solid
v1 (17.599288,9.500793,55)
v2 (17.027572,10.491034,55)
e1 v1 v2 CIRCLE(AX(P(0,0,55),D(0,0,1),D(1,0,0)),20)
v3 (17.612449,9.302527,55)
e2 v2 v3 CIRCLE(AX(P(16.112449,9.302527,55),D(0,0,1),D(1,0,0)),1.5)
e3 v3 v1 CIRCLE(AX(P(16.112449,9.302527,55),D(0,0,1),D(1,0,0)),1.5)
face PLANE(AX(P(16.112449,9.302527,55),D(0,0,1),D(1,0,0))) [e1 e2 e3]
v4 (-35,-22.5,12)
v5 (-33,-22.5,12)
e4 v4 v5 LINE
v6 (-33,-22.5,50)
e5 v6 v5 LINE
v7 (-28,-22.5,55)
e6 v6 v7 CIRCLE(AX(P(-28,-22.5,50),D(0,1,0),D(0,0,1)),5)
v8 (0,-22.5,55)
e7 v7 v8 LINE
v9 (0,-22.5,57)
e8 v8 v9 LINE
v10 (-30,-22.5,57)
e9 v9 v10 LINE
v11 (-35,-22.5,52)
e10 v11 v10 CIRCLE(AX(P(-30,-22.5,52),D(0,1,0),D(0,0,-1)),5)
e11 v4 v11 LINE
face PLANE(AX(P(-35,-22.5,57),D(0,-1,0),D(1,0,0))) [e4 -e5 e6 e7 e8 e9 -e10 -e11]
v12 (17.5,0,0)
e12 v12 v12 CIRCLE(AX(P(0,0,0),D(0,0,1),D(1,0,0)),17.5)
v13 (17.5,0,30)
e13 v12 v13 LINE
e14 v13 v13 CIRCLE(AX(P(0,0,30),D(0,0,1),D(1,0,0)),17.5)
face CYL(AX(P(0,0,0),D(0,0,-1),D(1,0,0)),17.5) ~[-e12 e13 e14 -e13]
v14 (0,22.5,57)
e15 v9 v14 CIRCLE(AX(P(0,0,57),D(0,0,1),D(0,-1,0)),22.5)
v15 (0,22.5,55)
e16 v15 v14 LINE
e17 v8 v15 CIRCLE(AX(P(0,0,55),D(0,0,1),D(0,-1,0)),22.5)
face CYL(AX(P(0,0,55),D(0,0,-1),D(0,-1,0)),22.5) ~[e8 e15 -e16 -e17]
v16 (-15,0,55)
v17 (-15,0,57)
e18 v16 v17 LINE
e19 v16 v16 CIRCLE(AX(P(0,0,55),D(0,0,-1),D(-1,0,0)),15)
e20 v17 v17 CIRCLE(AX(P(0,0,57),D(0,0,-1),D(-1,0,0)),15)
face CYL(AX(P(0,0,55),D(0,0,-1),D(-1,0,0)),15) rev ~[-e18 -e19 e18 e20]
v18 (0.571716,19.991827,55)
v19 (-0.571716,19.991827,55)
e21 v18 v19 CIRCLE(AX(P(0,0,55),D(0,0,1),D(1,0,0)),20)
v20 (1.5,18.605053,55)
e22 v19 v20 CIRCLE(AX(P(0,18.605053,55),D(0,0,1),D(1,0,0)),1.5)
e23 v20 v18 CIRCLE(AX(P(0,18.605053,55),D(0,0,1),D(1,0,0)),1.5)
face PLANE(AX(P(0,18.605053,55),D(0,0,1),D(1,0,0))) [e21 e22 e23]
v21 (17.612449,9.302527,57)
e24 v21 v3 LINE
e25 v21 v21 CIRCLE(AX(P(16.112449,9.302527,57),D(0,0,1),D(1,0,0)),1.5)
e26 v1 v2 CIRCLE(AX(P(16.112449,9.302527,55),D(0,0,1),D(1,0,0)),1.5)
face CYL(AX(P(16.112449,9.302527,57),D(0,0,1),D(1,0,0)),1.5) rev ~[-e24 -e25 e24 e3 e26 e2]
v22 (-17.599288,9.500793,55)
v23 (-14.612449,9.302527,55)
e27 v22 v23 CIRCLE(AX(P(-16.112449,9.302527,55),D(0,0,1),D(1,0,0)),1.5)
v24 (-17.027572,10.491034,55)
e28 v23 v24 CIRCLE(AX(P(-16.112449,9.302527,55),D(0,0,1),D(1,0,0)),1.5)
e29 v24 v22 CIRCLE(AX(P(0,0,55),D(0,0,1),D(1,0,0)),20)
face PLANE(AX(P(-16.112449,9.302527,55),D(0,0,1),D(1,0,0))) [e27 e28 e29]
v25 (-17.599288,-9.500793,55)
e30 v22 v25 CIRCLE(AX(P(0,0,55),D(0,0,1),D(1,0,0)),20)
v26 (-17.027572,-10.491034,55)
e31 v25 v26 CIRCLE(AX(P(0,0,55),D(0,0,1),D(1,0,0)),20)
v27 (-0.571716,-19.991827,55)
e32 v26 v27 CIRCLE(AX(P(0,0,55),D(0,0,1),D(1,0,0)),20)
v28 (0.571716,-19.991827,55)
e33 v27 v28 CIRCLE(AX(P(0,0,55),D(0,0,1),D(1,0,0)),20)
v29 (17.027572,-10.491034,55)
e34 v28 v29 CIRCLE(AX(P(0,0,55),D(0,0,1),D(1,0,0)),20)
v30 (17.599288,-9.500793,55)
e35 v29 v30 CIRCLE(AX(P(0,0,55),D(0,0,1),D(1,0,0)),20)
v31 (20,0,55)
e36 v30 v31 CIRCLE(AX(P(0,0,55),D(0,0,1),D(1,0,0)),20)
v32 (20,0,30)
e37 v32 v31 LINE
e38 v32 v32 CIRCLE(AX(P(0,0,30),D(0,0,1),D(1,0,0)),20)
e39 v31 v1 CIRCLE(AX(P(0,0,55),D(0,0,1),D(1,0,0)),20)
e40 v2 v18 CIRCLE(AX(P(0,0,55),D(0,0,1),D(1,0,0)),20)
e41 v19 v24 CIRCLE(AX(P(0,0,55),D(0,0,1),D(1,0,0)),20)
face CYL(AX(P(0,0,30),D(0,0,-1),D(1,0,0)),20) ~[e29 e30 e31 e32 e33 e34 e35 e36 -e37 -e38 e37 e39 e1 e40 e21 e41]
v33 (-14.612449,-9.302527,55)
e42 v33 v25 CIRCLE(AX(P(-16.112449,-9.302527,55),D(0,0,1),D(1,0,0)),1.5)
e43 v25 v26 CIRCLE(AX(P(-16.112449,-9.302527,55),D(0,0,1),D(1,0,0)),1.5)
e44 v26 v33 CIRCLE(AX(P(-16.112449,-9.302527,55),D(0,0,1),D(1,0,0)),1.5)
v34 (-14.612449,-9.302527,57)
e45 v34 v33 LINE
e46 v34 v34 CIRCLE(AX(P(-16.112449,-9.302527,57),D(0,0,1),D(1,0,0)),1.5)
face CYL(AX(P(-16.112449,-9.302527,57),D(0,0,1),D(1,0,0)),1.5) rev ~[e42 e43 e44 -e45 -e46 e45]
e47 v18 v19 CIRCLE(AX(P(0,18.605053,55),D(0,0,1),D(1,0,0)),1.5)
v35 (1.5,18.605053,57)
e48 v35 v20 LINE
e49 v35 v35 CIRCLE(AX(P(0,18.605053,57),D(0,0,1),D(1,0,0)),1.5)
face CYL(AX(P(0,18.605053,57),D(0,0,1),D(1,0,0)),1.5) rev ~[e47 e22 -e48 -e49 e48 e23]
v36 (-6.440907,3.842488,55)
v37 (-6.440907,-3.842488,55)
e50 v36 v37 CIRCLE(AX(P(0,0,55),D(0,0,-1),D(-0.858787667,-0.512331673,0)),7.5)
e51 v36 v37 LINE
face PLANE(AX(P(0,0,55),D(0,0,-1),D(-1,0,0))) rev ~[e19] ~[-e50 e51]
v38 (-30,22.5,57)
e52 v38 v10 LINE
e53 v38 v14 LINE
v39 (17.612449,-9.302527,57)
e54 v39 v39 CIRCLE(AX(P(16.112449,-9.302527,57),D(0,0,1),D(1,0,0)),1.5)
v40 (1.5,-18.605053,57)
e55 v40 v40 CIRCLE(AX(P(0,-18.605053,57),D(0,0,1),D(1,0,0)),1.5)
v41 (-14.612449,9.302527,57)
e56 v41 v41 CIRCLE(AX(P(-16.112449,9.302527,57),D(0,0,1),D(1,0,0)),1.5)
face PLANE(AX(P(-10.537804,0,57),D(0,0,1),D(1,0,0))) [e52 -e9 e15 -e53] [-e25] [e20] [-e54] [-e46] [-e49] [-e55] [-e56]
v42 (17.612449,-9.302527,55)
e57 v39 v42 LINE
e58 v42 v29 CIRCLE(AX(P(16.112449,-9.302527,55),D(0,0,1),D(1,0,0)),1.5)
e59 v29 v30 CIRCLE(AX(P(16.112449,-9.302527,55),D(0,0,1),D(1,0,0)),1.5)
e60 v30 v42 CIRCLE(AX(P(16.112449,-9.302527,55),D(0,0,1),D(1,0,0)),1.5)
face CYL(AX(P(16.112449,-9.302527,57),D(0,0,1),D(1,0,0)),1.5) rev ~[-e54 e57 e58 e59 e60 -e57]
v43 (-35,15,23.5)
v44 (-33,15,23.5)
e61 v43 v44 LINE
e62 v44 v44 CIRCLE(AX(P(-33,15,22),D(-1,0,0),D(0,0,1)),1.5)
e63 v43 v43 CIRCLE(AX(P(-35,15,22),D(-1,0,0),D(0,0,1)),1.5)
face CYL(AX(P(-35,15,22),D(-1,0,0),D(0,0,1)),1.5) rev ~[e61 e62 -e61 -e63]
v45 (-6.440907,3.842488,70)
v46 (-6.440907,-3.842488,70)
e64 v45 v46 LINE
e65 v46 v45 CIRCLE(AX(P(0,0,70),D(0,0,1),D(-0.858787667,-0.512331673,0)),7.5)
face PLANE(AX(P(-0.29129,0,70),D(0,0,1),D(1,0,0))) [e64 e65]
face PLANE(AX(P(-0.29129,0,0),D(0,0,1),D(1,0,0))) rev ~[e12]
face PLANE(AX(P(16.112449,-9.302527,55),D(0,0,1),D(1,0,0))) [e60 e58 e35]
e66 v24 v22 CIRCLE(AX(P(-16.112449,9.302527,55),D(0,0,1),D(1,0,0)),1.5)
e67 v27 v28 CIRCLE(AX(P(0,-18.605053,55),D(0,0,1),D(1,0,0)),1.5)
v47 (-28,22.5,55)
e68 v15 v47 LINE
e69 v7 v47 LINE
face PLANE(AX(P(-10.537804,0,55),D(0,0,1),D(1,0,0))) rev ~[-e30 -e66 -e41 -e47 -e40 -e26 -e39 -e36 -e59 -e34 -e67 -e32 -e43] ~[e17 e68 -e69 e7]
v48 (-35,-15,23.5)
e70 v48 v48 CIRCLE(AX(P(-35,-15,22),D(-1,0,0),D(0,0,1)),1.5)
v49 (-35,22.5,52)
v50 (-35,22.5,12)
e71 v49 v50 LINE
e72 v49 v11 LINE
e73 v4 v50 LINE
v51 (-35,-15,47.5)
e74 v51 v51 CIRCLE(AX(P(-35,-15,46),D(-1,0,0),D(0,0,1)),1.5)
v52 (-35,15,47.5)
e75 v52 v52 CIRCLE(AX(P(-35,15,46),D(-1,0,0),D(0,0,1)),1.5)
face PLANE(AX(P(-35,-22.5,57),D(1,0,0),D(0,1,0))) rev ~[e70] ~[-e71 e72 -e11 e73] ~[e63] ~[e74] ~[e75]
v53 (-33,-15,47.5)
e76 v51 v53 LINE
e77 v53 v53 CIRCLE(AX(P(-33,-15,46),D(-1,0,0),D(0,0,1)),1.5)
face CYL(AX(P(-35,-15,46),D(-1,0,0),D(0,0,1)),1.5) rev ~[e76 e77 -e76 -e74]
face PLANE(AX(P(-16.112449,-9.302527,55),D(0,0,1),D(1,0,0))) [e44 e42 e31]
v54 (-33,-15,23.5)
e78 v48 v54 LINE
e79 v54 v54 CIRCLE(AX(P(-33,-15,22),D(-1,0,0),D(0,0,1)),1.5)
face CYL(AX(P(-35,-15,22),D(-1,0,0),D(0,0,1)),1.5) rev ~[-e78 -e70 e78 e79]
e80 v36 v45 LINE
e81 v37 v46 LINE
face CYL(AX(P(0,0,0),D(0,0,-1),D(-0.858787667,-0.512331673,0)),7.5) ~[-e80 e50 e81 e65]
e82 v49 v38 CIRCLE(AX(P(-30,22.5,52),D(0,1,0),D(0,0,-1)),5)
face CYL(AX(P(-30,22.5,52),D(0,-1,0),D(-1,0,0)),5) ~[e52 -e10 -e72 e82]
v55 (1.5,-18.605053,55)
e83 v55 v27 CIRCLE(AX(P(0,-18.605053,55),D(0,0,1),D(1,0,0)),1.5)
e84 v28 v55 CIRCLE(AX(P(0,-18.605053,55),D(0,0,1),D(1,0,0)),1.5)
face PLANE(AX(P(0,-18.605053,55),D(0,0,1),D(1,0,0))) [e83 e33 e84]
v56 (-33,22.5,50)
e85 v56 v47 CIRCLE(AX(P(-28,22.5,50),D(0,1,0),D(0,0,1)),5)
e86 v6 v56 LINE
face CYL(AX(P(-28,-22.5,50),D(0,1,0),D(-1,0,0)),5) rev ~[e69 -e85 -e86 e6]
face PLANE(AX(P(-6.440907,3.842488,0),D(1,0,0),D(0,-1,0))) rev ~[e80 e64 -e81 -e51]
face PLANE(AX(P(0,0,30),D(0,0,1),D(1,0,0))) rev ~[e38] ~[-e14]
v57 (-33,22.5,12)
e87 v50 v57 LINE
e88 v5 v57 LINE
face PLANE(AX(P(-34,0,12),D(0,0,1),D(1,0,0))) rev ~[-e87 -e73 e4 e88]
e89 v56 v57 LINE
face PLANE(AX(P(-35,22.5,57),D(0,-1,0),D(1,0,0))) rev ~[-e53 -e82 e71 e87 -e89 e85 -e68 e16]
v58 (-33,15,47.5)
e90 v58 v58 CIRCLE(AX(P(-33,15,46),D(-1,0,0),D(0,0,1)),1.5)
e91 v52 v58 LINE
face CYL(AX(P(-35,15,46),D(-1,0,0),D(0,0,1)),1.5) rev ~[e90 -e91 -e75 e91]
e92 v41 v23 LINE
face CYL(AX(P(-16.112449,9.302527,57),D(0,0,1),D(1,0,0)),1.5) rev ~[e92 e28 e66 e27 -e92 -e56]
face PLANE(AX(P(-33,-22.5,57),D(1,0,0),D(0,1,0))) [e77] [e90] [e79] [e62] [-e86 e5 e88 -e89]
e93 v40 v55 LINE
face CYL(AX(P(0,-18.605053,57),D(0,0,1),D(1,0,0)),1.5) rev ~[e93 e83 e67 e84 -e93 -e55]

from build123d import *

# Parameters (mm, degrees)
SKETCH_1_R          = 17.5
EXTRUDE_1_DEPTH     = 30
SKETCH_2_R          = 20
EXTRUDE_2_DEPTH     = 25
EXTRUDE_5_DEPTH     = 2
SKETCH_7_W          = 2
SKETCH_7_H          = 45
EXTRUDE_6_DEPTH     = 45
FILLET_3_R          = 5
SKETCH_8_R          = 1.5
CUT_EXTRUDE_1_DEPTH = 5
SKETCH_9_R          = 15
CUT_EXTRUDE_2_DEPTH = 10
EXTRUDE_7_DEPTH     = 70
SKETCH_11_R         = 1.5
CUT_EXTRUDE_3_DEPTH = 2


with BuildPart() as part:
    # 草图1 → 凸台-拉伸1 (new body)
    with BuildSketch(Plane.XY):
        Circle(SKETCH_1_R)
    extrude(amount=EXTRUDE_1_DEPTH)

    # 草图2 → 凸台-拉伸2 (add)
    with BuildSketch(Plane.XY.offset(30)):
        Circle(SKETCH_2_R)
    extrude(amount=EXTRUDE_2_DEPTH)

    # 草图6 → 凸台-拉伸5 (add)
    with BuildSketch(Plane.XY.offset(55)):
        with BuildLine():
            Line((0, 22.5), (-35, 22.5))
            Line((-35, 22.5), (-35, -22.5))
            Line((-35, -22.5), (0, -22.5))
            ThreePointArc((0, -22.5), (22.5, 0), (0, 22.5))
        make_face()
    extrude(amount=EXTRUDE_5_DEPTH)

    # 草图7 → 凸台-拉伸6 (add)
    with BuildSketch(Plane.XY.offset(57)):
        with Locations((-34, 0)):
            Rectangle(SKETCH_7_W, SKETCH_7_H)
    extrude(amount=-EXTRUDE_6_DEPTH)

    # 圆角3
    fillet_3_edges = [part.edges().sort_by_distance(p)[0] for p in [
        (-35, 0, 57),
        (-33, 0, 55),
    ]]
    fillet(fillet_3_edges, radius=FILLET_3_R)

    # 草图8 → 切除-拉伸1 (cut)
    with BuildSketch(Plane.ZY.offset(35)):
        with Locations((22, 15)):
            Circle(SKETCH_8_R)
        with Locations((22, -15)):
            Circle(SKETCH_8_R)
        with Locations((46, 15)):
            Circle(SKETCH_8_R)
        with Locations((46, -15)):
            Circle(SKETCH_8_R)
    extrude(amount=-CUT_EXTRUDE_1_DEPTH, mode=Mode.SUBTRACT)

    # 草图9 → 切除-拉伸2 (cut)
    with BuildSketch(Plane(origin=(0, 0, 55), x_dir=(-1, 0, 0), z_dir=(0, 0, -1))):
        Circle(SKETCH_9_R)
    extrude(amount=-CUT_EXTRUDE_2_DEPTH, mode=Mode.SUBTRACT)

    # 草图10 → 凸台-拉伸7 (add)
    with BuildSketch(Plane(origin=(0, 0, 0), x_dir=(-1, 0, 0), z_dir=(0, 0, -1))):
        with BuildLine():
            Line((6.4409075, 3.842487551), (6.4409075, -3.842487551))
            ThreePointArc((6.4409075, -3.842487551), (-7.5, 0), (6.4409075, 3.842487551))
        make_face()
    extrude(amount=-EXTRUDE_7_DEPTH)

    # 草图11 → 切除-拉伸3 (cut)
    with BuildSketch(Plane.XY.offset(57)):
        with Locations((0, 18.605053308)):
            Circle(SKETCH_11_R)
        with Locations((16.112448804, 9.302526654)):
            Circle(SKETCH_11_R)
        with Locations((16.112448804, -9.302526654)):
            Circle(SKETCH_11_R)
        with Locations((0, -18.605053308)):
            Circle(SKETCH_11_R)
        with Locations((-16.112448804, -9.302526654)):
            Circle(SKETCH_11_R)
        with Locations((-16.112448804, 9.302526654)):
            Circle(SKETCH_11_R)
    extrude(amount=-CUT_EXTRUDE_3_DEPTH, mode=Mode.SUBTRACT)


solid = part.part
